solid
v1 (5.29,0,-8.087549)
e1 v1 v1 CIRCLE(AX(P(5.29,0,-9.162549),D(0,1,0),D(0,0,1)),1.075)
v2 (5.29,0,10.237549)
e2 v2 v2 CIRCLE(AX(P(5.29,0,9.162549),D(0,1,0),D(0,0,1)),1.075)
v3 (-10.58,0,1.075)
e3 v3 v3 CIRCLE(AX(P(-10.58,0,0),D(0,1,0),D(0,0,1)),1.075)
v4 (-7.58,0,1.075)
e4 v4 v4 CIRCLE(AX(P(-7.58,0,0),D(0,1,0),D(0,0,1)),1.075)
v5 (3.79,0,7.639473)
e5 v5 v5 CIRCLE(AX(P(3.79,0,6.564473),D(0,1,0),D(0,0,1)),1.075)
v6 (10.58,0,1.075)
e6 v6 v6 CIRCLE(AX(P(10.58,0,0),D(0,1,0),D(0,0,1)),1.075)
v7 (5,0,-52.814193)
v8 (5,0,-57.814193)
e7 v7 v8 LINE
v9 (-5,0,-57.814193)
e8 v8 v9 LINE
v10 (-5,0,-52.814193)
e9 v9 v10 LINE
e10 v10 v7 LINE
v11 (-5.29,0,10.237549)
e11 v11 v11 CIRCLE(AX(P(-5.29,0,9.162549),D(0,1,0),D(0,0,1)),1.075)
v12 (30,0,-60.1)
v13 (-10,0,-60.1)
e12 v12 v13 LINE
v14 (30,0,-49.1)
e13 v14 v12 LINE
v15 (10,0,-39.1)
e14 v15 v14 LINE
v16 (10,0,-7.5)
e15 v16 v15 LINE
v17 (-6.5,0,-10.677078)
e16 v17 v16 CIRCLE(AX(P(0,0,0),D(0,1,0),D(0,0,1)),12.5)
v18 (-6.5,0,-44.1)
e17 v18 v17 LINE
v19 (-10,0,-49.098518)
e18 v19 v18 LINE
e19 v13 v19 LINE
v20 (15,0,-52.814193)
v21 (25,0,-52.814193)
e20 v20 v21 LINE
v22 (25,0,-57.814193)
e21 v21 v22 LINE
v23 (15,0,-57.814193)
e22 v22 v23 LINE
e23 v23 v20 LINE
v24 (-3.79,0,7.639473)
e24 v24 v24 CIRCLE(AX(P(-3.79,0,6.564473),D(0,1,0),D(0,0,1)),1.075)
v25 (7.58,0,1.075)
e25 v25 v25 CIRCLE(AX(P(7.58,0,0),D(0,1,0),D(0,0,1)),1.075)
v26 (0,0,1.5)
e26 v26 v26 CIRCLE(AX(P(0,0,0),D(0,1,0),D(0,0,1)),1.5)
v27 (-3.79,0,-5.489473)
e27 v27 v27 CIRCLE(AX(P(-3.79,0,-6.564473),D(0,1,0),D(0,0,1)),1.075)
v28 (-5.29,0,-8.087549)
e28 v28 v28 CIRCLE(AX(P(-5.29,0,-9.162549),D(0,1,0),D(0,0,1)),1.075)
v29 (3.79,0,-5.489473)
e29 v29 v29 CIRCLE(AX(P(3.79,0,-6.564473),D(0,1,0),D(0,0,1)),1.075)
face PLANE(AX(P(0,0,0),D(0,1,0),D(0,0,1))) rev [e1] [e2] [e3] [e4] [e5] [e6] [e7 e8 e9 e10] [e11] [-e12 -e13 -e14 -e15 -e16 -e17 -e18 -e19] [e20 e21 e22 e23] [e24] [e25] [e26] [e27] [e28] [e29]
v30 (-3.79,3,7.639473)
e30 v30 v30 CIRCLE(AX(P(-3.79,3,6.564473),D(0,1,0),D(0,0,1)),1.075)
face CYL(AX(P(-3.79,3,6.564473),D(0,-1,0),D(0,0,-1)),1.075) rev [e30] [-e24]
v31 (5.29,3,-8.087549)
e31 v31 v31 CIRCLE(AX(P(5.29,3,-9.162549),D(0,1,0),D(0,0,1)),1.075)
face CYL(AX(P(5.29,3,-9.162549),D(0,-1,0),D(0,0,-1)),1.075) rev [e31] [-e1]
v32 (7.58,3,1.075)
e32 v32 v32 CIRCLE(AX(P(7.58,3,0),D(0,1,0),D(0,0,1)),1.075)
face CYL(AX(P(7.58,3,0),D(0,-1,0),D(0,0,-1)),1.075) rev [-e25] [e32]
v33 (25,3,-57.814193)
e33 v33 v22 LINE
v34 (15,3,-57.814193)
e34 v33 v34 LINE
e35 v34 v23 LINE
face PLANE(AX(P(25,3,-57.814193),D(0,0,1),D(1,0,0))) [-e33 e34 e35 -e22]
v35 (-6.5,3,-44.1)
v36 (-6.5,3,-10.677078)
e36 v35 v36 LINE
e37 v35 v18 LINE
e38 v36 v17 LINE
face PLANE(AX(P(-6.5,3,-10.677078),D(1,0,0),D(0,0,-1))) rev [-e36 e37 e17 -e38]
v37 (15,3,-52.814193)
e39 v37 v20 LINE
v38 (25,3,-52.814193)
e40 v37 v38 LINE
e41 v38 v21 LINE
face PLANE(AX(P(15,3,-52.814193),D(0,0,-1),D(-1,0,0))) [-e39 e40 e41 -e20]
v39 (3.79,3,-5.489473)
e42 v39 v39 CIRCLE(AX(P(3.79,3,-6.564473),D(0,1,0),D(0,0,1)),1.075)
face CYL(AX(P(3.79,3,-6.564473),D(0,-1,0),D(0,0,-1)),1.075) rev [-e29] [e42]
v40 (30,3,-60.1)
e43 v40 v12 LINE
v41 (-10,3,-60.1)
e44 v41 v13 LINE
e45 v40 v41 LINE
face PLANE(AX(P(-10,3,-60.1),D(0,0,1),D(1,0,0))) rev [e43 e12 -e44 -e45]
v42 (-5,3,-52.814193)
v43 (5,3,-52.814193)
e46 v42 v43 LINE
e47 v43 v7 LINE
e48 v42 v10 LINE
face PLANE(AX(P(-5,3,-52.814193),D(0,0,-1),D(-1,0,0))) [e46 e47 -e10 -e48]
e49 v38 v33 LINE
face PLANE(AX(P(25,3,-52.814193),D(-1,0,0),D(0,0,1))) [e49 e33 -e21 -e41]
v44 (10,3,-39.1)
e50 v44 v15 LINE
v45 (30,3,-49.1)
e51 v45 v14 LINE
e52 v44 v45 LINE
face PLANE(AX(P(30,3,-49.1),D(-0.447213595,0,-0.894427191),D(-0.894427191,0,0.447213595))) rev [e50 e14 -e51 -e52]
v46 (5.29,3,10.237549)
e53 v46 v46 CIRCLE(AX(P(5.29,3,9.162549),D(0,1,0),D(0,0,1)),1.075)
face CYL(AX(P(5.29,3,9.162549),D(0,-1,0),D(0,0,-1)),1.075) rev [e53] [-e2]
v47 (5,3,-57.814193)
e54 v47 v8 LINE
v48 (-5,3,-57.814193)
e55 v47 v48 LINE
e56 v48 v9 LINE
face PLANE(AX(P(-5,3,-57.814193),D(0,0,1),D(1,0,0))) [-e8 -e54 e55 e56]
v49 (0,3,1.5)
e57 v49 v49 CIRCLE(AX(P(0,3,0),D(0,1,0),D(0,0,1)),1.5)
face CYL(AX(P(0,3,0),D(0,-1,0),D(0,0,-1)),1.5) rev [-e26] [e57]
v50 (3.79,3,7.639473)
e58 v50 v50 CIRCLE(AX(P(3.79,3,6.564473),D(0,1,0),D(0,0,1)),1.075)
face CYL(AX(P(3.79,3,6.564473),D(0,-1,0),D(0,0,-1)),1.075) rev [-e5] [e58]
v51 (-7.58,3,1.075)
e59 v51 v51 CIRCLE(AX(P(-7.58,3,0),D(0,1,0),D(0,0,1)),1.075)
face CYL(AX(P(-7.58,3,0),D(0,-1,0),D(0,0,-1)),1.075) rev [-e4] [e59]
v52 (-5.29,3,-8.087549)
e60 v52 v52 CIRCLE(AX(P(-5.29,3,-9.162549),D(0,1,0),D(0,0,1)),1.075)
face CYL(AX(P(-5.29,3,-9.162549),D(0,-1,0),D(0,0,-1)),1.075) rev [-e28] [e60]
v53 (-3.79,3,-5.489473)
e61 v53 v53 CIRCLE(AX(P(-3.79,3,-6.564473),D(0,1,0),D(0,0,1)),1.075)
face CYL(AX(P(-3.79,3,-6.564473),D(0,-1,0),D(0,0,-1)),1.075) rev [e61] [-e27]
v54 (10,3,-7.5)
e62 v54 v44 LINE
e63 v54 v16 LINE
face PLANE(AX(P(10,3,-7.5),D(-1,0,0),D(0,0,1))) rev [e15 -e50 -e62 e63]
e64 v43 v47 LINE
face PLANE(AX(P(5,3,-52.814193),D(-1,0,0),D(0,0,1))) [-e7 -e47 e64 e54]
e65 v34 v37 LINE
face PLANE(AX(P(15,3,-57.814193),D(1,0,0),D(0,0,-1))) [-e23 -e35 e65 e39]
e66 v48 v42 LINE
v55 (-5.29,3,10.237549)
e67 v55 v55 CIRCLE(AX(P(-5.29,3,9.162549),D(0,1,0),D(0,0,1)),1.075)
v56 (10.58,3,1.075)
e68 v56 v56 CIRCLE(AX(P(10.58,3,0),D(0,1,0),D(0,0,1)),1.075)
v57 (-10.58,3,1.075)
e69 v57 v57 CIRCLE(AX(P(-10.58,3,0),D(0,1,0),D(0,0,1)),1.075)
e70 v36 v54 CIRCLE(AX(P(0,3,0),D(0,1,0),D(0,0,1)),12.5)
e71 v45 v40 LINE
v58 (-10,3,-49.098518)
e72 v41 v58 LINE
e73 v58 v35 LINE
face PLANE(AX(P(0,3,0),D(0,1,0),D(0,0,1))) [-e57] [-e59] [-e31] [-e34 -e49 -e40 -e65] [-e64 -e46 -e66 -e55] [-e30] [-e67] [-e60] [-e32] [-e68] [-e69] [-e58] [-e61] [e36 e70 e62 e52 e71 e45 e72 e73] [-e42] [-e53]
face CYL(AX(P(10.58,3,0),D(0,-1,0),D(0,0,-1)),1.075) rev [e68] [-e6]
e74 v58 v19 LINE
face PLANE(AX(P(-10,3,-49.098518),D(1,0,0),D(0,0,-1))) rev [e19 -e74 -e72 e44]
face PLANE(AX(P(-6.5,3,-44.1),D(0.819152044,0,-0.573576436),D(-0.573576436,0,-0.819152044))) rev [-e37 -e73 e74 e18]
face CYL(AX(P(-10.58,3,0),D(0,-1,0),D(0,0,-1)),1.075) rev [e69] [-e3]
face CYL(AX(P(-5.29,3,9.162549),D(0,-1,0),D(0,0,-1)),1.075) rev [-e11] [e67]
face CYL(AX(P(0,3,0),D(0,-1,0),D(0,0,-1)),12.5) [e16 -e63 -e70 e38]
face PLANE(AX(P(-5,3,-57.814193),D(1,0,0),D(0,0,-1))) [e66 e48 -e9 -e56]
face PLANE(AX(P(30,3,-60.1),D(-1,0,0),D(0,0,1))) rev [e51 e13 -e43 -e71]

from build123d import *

# Parameters (mm, degrees)
SKETCH_1_R      = 1.075
SKETCH_1_R_2    = 1.5
SKETCH_1_W      = 10
SKETCH_1_H      = 5
EXTRUDE_2_DEPTH = 3


with BuildPart() as part:
    # 草图1 → 凸台-拉伸2 (new body)
    with BuildSketch(Plane(origin=(0, 0, 0), x_dir=(1, 0, 0), z_dir=(0, 1, 0))):
        with BuildLine():
            Line((-6.5, 10.677078252), (-6.5, 44.1))
            Line((-6.5, 44.1), (-10, 49.098518024))
            Line((-10, 49.098518024), (-10, 60.1))
            Line((-10, 60.1), (30, 60.1))
            Line((30, 60.1), (30, 49.1))
            Line((30, 49.1), (10, 39.1))
            Line((10, 39.1), (10, 7.5))
            ThreePointArc((10, 7.5), (-2.363462831, -12.274528237), (-6.5, 10.677078252))
        make_face()
        with Locations(Location((7.58, 0, 0), (0, 0, 270))):
            Circle(SKETCH_1_R, mode=Mode.SUBTRACT)
        with Locations(Location((10.58, 0, 0), (0, 0, 270))):
            Circle(SKETCH_1_R, mode=Mode.SUBTRACT)
        with Locations(Location((3.79, -6.564472561, 0), (0, 0, 270))):
            Circle(SKETCH_1_R, mode=Mode.SUBTRACT)
        with Locations(Location((5.29, -9.162548772, 0), (0, 0, 270))):
            Circle(SKETCH_1_R, mode=Mode.SUBTRACT)
        with Locations(Location((-3.79, -6.564472561, 0), (0, 0, 270))):
            Circle(SKETCH_1_R, mode=Mode.SUBTRACT)
        with Locations(Location((-5.29, -9.162548772, 0), (0, 0, 270))):
            Circle(SKETCH_1_R, mode=Mode.SUBTRACT)
        with Locations(Location((-7.58, 0, 0), (0, 0, 270))):
            Circle(SKETCH_1_R, mode=Mode.SUBTRACT)
        with Locations(Location((-10.58, 0, 0), (0, 0, 270))):
            Circle(SKETCH_1_R, mode=Mode.SUBTRACT)
        with Locations(Location((-3.79, 6.564472561, 0), (0, 0, 270))):
            Circle(SKETCH_1_R, mode=Mode.SUBTRACT)
        with Locations(Location((-5.29, 9.162548772, 0), (0, 0, 270))):
            Circle(SKETCH_1_R, mode=Mode.SUBTRACT)
        with Locations(Location((3.79, 6.564472561, 0), (0, 0, 270))):
            Circle(SKETCH_1_R, mode=Mode.SUBTRACT)
        with Locations(Location((5.29, 9.162548772, 0), (0, 0, 270))):
            Circle(SKETCH_1_R, mode=Mode.SUBTRACT)
        with Locations(Location((0, 0, 0), (0, 0, 270))):
            Circle(SKETCH_1_R_2, mode=Mode.SUBTRACT)
        with Locations((0, 55.314192659)):
            Rectangle(SKETCH_1_W, SKETCH_1_H, mode=Mode.SUBTRACT)
        with Locations((20, 55.314192659)):
            Rectangle(SKETCH_1_W, SKETCH_1_H, mode=Mode.SUBTRACT)
    extrude(amount=EXTRUDE_2_DEPTH)


solid = part.part
